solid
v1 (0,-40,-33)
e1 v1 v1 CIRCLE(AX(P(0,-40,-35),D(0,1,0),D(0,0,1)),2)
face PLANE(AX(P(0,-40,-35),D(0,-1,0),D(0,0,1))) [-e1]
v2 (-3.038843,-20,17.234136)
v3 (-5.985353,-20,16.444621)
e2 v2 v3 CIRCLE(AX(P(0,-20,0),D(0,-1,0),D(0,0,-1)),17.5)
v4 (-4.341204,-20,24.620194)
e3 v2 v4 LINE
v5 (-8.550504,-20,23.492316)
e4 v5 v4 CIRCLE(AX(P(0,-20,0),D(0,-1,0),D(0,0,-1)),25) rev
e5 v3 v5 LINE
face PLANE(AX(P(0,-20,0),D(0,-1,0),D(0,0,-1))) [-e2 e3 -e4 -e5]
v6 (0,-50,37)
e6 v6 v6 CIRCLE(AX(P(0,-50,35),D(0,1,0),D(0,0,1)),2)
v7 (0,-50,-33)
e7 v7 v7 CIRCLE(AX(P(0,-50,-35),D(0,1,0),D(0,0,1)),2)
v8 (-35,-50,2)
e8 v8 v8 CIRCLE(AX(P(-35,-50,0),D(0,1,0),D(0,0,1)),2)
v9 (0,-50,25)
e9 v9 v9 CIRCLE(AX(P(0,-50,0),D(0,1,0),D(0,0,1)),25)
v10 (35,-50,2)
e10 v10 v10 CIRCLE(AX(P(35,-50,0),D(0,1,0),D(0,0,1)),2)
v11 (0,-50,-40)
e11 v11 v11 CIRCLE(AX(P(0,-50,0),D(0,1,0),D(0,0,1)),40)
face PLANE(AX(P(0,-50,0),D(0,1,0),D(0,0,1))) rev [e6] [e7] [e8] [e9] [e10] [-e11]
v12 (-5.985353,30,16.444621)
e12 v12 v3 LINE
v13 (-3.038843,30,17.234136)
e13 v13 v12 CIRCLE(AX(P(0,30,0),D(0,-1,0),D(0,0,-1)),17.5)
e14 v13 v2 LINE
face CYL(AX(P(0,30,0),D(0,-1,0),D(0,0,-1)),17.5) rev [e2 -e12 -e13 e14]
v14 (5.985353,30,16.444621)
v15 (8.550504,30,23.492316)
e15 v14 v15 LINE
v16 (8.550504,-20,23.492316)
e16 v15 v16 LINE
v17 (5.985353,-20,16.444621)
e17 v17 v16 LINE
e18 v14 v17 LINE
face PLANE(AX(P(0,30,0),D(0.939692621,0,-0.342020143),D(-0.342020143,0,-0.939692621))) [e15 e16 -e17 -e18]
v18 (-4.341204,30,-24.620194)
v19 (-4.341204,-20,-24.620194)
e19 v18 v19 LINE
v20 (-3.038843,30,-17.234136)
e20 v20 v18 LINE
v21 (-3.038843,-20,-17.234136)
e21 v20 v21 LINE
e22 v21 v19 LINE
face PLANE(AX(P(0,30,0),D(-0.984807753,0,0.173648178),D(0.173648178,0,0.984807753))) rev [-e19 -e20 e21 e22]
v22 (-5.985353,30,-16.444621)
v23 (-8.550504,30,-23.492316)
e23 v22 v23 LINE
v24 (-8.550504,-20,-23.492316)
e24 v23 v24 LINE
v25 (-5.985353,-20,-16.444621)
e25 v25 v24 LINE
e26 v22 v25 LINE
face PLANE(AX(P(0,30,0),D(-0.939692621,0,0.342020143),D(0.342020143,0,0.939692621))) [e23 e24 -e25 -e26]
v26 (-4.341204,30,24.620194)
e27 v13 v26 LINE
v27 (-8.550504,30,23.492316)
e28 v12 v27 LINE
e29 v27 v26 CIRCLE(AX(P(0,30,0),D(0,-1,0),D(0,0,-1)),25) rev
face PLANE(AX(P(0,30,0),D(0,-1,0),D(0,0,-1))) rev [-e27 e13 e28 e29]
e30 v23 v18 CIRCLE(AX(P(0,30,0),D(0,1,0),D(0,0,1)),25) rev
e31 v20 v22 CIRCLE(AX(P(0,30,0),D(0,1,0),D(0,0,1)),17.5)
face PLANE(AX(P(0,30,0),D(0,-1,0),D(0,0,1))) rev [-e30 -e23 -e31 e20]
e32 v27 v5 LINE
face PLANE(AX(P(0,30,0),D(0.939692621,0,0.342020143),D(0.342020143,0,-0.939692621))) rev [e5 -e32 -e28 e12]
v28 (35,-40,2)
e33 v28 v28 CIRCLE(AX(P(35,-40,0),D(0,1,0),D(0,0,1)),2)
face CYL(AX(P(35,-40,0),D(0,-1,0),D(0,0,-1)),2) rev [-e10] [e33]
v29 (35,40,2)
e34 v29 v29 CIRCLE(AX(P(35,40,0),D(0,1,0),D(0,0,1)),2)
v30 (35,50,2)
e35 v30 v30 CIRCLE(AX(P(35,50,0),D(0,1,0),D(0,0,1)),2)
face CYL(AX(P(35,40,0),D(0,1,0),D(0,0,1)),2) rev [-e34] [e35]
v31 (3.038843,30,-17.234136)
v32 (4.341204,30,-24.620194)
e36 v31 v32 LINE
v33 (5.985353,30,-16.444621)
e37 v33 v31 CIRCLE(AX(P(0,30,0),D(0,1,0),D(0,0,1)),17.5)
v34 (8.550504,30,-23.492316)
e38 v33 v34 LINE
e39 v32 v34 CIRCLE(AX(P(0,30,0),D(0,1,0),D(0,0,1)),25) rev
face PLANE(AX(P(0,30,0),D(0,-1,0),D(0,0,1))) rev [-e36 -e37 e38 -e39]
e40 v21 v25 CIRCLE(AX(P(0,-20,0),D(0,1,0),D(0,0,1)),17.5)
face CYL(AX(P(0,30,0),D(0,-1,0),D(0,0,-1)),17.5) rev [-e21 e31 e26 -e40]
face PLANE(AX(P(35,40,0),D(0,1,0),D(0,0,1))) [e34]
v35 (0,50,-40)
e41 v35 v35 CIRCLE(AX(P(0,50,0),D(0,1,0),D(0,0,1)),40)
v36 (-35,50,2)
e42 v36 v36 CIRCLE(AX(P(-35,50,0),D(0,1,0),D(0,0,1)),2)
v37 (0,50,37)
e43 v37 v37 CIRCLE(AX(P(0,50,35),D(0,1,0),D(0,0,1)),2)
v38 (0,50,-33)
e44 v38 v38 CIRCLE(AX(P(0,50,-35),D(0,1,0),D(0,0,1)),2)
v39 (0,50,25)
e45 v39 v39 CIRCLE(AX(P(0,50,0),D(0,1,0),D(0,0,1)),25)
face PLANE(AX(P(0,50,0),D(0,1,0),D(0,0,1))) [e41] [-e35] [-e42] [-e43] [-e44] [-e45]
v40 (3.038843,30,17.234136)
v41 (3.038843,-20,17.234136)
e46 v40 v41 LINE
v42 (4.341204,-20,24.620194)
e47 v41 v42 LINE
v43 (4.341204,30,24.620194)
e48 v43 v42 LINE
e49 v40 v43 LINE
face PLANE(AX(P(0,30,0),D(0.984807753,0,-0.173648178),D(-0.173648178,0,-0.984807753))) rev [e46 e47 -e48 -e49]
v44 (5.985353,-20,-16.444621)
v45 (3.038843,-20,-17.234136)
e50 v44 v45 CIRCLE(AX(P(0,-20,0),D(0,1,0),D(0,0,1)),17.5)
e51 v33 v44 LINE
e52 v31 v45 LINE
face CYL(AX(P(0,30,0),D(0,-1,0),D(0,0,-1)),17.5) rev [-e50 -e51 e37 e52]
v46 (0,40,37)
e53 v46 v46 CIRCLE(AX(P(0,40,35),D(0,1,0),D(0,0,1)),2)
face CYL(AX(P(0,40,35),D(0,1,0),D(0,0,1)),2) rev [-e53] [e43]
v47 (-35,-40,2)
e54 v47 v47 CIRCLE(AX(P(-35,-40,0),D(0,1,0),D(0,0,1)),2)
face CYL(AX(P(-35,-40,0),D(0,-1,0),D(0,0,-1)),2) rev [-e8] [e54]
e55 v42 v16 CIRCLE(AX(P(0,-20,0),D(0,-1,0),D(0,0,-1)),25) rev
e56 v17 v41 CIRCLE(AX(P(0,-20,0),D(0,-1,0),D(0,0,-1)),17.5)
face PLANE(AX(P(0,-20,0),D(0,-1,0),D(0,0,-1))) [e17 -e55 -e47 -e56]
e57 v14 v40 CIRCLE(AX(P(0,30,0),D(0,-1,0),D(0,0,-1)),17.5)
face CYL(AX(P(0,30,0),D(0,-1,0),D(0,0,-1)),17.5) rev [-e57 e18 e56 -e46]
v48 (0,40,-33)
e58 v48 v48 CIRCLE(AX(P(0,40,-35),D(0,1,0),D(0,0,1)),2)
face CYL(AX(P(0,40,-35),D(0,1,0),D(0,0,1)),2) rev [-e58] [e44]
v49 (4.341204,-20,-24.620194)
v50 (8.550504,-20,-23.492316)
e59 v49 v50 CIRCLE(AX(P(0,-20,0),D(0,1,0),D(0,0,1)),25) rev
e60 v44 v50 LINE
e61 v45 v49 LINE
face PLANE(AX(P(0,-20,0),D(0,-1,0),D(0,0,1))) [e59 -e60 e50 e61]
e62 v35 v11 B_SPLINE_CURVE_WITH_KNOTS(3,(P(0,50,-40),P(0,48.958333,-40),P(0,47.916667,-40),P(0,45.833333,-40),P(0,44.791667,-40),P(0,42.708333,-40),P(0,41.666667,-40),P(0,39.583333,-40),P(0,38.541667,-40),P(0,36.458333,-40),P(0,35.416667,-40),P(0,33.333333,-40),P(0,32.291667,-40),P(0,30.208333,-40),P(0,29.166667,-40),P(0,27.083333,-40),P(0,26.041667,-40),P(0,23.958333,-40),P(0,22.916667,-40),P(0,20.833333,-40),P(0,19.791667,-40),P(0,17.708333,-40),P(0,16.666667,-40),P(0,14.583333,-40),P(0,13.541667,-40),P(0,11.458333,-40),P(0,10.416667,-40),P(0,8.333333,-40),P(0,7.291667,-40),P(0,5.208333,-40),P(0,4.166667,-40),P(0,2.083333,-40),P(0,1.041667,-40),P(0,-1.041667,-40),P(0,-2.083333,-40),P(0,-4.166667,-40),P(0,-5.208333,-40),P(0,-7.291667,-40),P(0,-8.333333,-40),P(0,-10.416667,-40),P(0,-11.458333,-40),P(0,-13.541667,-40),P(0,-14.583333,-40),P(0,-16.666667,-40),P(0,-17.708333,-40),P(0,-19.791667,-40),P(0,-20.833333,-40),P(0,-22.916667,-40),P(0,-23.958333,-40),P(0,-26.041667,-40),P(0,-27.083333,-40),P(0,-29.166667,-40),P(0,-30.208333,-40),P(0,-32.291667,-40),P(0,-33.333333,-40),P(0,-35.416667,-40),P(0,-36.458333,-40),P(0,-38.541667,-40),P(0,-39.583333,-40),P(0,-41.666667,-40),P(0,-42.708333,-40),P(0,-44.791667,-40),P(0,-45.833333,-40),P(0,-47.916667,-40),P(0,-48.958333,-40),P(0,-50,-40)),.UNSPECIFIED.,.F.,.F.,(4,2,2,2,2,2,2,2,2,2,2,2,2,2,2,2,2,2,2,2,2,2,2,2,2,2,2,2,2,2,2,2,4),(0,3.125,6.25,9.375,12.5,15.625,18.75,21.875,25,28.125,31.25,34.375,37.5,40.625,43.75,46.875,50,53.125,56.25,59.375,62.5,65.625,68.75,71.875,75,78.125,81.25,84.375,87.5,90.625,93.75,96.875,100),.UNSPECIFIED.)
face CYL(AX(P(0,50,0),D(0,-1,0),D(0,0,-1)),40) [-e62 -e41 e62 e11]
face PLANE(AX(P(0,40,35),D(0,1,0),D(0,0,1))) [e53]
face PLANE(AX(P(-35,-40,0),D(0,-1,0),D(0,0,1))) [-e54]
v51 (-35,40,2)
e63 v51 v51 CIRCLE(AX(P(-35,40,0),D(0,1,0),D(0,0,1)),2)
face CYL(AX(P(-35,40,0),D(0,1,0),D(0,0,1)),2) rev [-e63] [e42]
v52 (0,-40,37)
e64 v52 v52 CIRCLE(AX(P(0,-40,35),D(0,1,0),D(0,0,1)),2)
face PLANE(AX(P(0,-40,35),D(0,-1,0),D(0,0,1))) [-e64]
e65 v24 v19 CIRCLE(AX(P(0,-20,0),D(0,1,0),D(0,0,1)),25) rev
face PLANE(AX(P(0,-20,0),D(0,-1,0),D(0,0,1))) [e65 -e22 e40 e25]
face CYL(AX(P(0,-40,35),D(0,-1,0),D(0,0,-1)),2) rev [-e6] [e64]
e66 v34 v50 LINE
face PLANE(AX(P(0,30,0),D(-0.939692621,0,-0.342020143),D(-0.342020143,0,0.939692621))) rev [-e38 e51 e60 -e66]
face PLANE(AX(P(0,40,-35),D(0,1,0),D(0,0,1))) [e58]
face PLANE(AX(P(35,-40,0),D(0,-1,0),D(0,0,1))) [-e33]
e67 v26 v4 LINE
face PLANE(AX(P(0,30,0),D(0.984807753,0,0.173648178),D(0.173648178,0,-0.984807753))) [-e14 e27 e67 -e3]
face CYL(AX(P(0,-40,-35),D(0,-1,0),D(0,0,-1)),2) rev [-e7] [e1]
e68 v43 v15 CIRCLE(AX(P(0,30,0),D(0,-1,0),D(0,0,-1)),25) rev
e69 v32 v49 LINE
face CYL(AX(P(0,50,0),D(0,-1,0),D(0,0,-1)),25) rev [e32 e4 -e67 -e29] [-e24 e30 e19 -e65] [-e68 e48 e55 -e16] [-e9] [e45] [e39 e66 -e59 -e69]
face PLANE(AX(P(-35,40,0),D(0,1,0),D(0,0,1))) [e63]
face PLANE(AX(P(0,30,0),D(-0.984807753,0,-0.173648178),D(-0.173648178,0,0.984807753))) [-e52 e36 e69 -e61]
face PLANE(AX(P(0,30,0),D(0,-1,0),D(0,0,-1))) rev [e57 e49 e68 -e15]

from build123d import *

# Parameters (mm, degrees)
SKETCH1_R           = 40
SKETCH1_R_2         = 25
BOSS_EXTRUDE1_DEPTH = 50
SKETCH2_R           = 2
CUT_EXTRUDE1_DEPTH  = 10
BOSS_EXTRUDE2_START = -30
BOSS_EXTRUDE2_DEPTH = 50


with BuildPart() as part:
    # Sketch1 → Boss-Extrude1 (new, symmetric)
    with BuildSketch(Plane(origin=(0, 0, 0), x_dir=(1, 0, 0), z_dir=(0, 1, 0))):
        with Locations(Location((0, 0, 0), (0, 0, 90))):
            Circle(SKETCH1_R)
        with Locations(Location((0, 0, 0), (0, 0, 90))):
            Circle(SKETCH1_R_2, mode=Mode.SUBTRACT)
    extrude(amount=BOSS_EXTRUDE1_DEPTH, both=True)

    # Sketch2 → Cut-Extrude1 (cut)
    with BuildSketch(Plane(origin=(0, 50, 0), x_dir=(1, 0, 0), z_dir=(0, 1, 0))):
        with Locations(Location((0, 35, 0), (0, 0, 270))):
            Circle(SKETCH2_R)
        with Locations(Location((35, 0, 0), (0, 0, 270))):
            Circle(SKETCH2_R)
        with Locations(Location((0, -35, 0), (0, 0, 270))):
            Circle(SKETCH2_R)
        with Locations(Location((-35, 0, 0), (0, 0, 270))):
            Circle(SKETCH2_R)
    cut_extrude1 = extrude(amount=-CUT_EXTRUDE1_DEPTH, mode=Mode.SUBTRACT)

    # Mirror1: Cut-Extrude1 across plane
    add(cut_extrude1.mirror(Plane.ZX), mode=Mode.SUBTRACT)

    # Sketch3 → Boss-Extrude2 (add)
    with BuildSketch(Plane.XZ.offset(50).offset(BOSS_EXTRUDE2_START)):
        with BuildLine():
            ThreePointArc((-5.985352508, 16.444620864), (-4.529333289, 16.90370196), (-3.038843109, 17.234135678))
            Line((-3.038843109, 17.234135678), (-4.341204442, 24.620193825))
            ThreePointArc((-4.341204442, 24.620193825), (-6.470476128, 24.148145657), (-8.550503583, 23.49231552))
            Line((-8.550503583, 23.49231552), (-5.985352508, 16.444620864))
        make_face()
        with BuildLine():
            Line((4.341204442, 24.620193825), (3.038843109, 17.234135678))
            ThreePointArc((3.038843109, 17.234135678), (4.529333289, 16.90370196), (5.985352508, 16.444620864))
            Line((5.985352508, 16.444620864), (8.550503583, 23.49231552))
            ThreePointArc((8.550503583, 23.49231552), (6.470476128, 24.148145657), (4.341204442, 24.620193825))
        make_face()
    boss_extrude2 = extrude(amount=-BOSS_EXTRUDE2_DEPTH)

    # Mirror2: Boss-Extrude2 across plane
    add(boss_extrude2.mirror(Plane.XY))


solid = part.part
